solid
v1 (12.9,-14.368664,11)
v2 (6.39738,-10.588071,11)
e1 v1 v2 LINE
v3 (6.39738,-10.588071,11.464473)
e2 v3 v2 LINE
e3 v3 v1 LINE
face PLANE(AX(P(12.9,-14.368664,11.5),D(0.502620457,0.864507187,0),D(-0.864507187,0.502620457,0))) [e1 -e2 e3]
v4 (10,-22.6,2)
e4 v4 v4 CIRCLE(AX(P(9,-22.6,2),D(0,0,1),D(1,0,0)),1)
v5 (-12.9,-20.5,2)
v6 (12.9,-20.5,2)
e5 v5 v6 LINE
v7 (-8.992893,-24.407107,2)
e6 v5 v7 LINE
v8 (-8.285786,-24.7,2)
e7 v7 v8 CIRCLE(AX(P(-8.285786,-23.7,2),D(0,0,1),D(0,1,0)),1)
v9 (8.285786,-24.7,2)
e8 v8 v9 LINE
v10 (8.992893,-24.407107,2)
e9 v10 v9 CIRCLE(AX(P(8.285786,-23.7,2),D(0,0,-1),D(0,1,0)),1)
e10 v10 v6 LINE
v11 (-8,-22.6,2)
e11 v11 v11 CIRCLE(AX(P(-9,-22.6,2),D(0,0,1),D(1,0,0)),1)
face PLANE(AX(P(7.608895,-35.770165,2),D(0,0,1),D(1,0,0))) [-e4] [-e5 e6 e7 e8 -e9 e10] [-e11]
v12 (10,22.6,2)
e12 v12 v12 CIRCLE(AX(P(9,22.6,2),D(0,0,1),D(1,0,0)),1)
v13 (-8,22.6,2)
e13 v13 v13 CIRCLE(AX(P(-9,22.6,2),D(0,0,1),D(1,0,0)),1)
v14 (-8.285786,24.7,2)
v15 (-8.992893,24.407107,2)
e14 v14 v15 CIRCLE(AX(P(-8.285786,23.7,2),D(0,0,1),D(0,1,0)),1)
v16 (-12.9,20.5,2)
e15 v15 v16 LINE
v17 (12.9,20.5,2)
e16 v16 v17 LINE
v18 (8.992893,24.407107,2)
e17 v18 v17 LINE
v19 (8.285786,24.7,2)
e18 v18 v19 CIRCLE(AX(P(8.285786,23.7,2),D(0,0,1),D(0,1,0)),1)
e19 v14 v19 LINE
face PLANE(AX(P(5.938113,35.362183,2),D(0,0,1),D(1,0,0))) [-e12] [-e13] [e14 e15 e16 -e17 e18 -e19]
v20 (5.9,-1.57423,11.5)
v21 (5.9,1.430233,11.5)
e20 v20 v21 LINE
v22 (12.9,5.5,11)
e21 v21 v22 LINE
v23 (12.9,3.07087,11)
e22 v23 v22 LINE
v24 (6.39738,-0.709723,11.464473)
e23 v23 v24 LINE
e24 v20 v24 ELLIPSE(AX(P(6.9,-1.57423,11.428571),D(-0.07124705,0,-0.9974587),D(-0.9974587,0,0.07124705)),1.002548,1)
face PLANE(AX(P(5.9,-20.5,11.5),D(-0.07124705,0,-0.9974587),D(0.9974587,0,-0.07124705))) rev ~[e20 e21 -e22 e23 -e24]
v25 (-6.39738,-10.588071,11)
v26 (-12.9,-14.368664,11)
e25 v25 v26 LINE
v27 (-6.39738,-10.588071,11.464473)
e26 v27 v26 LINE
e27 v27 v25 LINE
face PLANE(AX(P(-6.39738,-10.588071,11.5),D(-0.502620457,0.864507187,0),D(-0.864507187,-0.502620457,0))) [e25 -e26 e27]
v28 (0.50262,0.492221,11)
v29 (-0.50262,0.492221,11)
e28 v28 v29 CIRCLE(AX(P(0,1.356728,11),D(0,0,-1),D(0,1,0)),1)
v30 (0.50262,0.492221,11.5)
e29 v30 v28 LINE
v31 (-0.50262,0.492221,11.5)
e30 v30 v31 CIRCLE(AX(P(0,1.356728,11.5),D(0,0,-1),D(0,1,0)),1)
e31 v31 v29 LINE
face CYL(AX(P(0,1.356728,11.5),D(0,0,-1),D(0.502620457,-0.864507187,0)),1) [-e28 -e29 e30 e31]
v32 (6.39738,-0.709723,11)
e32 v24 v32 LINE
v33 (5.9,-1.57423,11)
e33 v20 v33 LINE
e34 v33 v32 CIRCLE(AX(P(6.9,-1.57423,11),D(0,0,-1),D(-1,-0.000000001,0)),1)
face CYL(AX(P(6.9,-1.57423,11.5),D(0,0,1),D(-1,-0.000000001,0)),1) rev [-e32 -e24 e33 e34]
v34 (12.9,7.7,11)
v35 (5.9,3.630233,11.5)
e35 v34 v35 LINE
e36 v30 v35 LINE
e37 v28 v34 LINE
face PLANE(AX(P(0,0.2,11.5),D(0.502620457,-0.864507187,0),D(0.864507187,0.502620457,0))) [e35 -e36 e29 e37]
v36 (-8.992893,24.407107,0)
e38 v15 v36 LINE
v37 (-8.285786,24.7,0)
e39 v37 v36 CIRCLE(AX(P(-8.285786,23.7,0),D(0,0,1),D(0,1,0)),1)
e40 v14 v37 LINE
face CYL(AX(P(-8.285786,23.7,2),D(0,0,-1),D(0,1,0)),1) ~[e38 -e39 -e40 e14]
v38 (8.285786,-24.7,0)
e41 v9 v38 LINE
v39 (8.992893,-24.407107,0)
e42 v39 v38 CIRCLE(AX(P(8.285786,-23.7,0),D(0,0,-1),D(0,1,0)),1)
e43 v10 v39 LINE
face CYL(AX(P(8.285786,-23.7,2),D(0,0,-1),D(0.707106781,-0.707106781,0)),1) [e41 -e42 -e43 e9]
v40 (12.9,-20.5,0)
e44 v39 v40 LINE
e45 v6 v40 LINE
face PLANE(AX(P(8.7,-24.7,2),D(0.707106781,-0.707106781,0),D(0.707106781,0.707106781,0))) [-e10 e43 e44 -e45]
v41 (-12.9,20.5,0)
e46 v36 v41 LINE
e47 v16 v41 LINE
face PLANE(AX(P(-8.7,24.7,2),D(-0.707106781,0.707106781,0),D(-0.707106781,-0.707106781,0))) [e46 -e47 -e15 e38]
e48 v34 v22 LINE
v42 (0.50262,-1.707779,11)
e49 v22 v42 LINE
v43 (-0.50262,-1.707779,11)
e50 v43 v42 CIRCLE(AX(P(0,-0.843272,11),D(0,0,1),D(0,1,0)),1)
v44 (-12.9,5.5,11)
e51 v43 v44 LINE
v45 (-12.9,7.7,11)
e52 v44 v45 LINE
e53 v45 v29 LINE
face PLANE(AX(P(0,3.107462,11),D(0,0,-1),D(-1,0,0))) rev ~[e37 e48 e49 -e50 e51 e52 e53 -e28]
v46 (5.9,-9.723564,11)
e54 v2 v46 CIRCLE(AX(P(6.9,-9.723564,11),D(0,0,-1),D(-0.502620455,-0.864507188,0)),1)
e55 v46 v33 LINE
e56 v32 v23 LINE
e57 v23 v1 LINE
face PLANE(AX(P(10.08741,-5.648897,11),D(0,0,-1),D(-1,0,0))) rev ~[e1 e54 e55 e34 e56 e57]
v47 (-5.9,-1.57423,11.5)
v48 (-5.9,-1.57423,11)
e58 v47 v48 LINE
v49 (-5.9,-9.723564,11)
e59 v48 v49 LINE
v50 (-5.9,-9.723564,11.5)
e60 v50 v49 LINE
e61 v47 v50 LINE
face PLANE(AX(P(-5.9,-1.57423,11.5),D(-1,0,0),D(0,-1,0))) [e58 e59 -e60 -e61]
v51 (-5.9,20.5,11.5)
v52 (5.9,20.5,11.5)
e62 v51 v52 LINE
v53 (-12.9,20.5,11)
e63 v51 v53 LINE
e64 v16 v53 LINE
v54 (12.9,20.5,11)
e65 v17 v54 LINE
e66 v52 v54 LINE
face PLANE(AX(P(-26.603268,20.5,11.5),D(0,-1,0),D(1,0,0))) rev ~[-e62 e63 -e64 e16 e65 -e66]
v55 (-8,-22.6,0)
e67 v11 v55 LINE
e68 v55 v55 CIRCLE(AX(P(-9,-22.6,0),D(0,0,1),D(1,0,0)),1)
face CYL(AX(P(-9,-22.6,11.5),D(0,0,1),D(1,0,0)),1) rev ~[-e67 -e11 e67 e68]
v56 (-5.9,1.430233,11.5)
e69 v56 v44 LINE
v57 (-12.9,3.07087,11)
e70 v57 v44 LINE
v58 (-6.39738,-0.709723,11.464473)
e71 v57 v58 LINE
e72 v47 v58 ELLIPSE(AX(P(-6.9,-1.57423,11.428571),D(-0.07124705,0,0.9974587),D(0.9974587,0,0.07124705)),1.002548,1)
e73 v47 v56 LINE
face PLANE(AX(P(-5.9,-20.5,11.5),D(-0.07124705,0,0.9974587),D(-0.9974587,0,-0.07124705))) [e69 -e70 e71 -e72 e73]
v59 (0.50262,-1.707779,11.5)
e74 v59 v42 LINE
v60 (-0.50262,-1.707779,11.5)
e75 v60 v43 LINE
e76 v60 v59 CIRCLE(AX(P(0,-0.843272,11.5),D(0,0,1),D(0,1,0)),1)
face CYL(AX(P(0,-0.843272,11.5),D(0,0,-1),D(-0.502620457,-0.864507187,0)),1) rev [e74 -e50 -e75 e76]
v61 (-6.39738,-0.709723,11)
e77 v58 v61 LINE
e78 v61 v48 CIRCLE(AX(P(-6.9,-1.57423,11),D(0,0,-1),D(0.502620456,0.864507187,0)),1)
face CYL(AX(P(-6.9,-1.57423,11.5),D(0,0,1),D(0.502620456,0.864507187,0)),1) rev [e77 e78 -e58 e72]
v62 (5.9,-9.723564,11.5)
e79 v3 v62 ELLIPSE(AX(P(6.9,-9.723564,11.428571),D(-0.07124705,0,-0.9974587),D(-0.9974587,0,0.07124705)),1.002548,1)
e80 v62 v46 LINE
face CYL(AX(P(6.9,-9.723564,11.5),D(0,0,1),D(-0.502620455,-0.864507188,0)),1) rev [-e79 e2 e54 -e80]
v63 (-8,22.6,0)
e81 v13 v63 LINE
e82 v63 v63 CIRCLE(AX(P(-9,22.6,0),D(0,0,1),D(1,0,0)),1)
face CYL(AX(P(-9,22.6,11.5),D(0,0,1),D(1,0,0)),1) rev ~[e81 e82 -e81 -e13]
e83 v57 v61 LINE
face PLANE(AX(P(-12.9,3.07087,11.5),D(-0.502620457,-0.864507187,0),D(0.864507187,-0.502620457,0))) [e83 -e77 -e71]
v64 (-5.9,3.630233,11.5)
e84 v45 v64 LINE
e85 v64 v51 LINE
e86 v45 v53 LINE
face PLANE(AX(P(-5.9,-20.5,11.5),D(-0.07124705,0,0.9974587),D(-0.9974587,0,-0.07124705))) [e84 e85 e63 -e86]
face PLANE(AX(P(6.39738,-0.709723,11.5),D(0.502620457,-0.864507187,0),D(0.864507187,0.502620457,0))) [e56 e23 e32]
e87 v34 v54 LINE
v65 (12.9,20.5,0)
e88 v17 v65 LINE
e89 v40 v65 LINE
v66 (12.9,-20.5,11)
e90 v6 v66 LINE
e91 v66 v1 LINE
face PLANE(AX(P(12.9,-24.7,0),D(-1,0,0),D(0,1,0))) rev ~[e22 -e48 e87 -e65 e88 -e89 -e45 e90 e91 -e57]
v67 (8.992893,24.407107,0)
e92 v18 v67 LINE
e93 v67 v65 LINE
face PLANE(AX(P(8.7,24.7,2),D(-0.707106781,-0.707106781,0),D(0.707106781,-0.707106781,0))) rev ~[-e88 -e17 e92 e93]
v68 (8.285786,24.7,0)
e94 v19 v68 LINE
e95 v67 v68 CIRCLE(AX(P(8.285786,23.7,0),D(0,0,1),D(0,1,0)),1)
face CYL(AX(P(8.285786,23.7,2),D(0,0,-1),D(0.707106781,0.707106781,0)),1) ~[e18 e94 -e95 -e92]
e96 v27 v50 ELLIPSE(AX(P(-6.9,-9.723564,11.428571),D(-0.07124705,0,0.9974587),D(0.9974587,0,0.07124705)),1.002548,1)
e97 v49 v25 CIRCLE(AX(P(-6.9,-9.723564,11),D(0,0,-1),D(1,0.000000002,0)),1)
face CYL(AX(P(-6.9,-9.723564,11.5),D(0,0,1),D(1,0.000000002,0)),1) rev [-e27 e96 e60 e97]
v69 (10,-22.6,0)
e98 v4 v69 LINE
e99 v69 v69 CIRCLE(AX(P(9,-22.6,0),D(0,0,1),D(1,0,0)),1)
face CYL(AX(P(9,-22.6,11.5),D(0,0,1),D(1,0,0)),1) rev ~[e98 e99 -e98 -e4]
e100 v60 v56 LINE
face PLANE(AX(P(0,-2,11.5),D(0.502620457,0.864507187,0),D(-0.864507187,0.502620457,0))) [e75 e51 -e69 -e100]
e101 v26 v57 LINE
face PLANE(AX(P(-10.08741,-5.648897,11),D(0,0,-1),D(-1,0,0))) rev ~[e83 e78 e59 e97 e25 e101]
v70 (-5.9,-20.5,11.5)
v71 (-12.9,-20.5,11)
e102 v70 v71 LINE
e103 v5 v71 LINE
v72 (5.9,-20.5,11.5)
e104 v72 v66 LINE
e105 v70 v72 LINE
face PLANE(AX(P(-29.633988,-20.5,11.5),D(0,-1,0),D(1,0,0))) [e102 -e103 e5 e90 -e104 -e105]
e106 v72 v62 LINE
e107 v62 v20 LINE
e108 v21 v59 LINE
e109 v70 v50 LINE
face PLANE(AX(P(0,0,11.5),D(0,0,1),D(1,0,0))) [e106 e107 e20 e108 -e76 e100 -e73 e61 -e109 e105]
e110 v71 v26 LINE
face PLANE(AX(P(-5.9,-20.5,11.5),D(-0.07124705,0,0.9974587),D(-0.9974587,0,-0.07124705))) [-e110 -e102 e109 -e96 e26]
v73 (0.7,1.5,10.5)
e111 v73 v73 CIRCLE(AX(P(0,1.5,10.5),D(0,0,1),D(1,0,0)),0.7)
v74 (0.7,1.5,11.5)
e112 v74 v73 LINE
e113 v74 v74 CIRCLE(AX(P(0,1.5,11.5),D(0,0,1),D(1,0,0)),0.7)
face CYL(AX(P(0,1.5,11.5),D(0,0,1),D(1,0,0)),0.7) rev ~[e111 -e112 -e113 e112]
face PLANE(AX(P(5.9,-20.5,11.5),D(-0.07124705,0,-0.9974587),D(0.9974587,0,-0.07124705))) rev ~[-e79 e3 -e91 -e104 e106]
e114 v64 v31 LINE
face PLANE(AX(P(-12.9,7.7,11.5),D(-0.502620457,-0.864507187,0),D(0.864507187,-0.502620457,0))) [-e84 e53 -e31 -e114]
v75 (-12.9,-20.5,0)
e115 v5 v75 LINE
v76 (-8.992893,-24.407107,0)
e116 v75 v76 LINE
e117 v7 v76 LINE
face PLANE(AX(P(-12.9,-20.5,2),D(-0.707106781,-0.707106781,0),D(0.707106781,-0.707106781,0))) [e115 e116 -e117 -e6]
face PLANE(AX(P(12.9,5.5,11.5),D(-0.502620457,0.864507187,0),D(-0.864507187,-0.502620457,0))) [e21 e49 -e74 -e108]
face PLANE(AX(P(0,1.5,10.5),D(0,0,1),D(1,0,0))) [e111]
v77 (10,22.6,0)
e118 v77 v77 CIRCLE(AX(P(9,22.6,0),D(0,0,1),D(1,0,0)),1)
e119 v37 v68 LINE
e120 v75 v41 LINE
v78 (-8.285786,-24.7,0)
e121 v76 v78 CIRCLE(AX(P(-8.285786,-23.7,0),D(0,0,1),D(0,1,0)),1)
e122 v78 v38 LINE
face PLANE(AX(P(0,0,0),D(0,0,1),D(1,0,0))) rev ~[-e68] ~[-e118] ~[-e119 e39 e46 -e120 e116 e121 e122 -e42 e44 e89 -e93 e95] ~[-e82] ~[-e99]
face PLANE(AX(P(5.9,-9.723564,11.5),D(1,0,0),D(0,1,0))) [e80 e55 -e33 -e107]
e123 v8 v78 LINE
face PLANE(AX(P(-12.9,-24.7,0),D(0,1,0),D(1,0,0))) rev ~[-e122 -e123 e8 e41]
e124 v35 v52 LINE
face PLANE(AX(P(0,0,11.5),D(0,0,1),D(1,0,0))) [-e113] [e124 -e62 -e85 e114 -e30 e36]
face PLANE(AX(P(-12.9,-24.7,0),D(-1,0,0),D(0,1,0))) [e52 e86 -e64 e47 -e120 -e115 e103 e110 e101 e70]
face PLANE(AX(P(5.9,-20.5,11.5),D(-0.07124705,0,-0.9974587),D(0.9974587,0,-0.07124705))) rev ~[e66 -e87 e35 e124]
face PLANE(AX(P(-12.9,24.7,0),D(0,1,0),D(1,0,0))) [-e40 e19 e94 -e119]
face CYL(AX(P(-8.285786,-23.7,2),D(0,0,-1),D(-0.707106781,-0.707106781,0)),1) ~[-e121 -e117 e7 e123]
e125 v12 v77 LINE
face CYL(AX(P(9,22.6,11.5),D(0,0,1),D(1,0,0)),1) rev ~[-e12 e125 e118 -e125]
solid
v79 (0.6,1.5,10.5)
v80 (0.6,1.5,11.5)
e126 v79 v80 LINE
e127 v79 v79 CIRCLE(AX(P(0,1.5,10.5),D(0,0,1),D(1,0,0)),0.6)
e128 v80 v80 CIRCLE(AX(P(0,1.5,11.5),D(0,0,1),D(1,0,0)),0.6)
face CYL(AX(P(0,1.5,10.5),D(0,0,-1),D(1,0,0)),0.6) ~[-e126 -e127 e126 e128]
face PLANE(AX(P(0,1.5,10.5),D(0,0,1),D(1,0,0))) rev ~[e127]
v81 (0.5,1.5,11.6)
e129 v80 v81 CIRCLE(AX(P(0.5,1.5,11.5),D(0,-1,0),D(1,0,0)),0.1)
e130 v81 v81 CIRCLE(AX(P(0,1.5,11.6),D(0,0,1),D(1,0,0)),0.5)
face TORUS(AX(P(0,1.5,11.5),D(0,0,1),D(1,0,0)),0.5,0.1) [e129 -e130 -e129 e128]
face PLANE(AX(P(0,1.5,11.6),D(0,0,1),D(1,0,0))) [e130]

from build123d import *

# Parameters (mm, degrees)
SKETCH_1_W          = 25.8
SKETCH_1_H          = 49.4
EXTRUDE_1_DEPTH     = 11.5
SKETCH_2_W          = 65.082763186
SKETCH_2_H          = 29.72436647
SKETCH_2_W_2        = 74.485765389
SKETCH_2_H_2        = 30.540329471
CUT_EXTRUDE_1_DEPTH = 9.5
SKETCH_3_R          = 1
CUT_EXTRUDE_3_DEPTH = 11.5
CUT_EXTRUDE_4_DEPTH = 11.5
CUT_EXTRUDE_5_DEPTH = 62.5
SKETCH_6_R          = 0.7
CUT_EXTRUDE_6_DEPTH = 1
SKETCH_7_R          = 0.6
EXTRUDE_2_DEPTH     = 1.1
FILLET_1_R          = 0.1
CUT_EXTRUDE_7_DEPTH = 0.5
CUT_EXTRUDE_8_DEPTH = 0.5
FILLET_2_R          = 1
FILLET_3_R          = 1
FILLET_4_R          = 1


with BuildPart() as part:
    # 草图1 → 凸台-拉伸1 (new body)
    with BuildSketch(Plane.XY):
        Rectangle(SKETCH_1_W, SKETCH_1_H)
    extrude(amount=EXTRUDE_1_DEPTH)

    # 草图2 → 切除-拉伸1 (cut)
    with BuildSketch(Plane.XY.offset(11.5)):
        with Locations((5.938113154, 35.362183235)):
            Rectangle(SKETCH_2_W, SKETCH_2_H)
        with Locations((7.608894538, -35.770164736)):
            Rectangle(SKETCH_2_W_2, SKETCH_2_H_2)
    extrude(amount=-CUT_EXTRUDE_1_DEPTH, mode=Mode.SUBTRACT)

    # 草图3 → 切除-拉伸3 (cut)
    with BuildSketch(Plane.XY.offset(11.5)):
        with Locations((9, -22.6)):
            Circle(SKETCH_3_R)
        with Locations((-9, -22.6)):
            Circle(SKETCH_3_R)
        with Locations((-9, 22.6)):
            Circle(SKETCH_3_R)
        with Locations((9, 22.6)):
            Circle(SKETCH_3_R)
    extrude(amount=-CUT_EXTRUDE_3_DEPTH, mode=Mode.SUBTRACT)

    # 草图4 → 切除-拉伸4 (cut)
    with BuildSketch(Plane.XY.offset(2)):
        Polygon((8.7, 24.7), (12.9, 20.5), (12.9, 24.7), align=None)
        Polygon((-8.7, 24.7), (-12.9, 20.5), (-12.9, 24.7), align=None)
        Polygon((-12.9, -24.7), (-12.9, -20.5), (-8.7, -24.7), align=None)
        Polygon((12.9, -24.7), (8.7, -24.7), (12.9, -20.5), align=None)
    extrude(amount=-CUT_EXTRUDE_4_DEPTH, mode=Mode.SUBTRACT)

    # 草图5 → 切除-拉伸5 (cut)
    with BuildSketch(Plane.XZ.offset(20.5)):
        Polygon((5.9, 11.5), (12.9, 11), (12.9, 11.5), align=None)
        Polygon((-12.9, 11), (-12.9, 11.5), (-5.9, 11.5), align=None)
    extrude(amount=-CUT_EXTRUDE_5_DEPTH, mode=Mode.SUBTRACT)

    # 草图6 → 切除-拉伸6 (cut)
    with BuildSketch(Plane.XY.offset(11.5)):
        with Locations((0, 1.5)):
            Circle(SKETCH_6_R)
    extrude(amount=-CUT_EXTRUDE_6_DEPTH, mode=Mode.SUBTRACT)

    # 草图8 → 切除-拉伸7 (cut)
    with BuildSketch(Plane.XY.offset(11.5)):
        Polygon((0, 0.2), (12.9, 7.7), (12.9, 5.5), (0, -2), (-12.9, 5.5), (-12.9, 7.7), align=None)
    extrude(amount=-CUT_EXTRUDE_7_DEPTH, mode=Mode.SUBTRACT)

    # 草图9 → 切除-拉伸8 (cut)
    with BuildSketch(Plane.XY.offset(11.5)):
        with BuildLine():
            Line((6.397379543, -0.709722893), (12.9, 3.070870396))
            Line((12.9, 3.070870396), (12.9, -14.368664488))
            Line((12.9, -14.368664488), (6.397379543, -10.588071198))
            ThreePointArc((6.397379543, -10.588071198), (6.033218465, -10.222252062), (5.9, -9.723564012))
            Line((5.9, -9.723564012), (5.9, -1.57423008))
            ThreePointArc((5.9, -1.57423008), (6.033218465, -1.07554203), (6.397379543, -0.709722893))
        make_face()
        with BuildLine():
            Line((-5.9, -1.57423008), (-5.9, -9.723564012))
            ThreePointArc((-5.9, -9.723564012), (-6.033218465, -10.222252062), (-6.397379543, -10.588071198))
            Line((-6.397379543, -10.588071198), (-12.9, -14.368664488))
            Line((-12.9, -14.368664488), (-12.9, 3.070870396))
            Line((-12.9, 3.070870396), (-6.397379543, -0.709722893))
            ThreePointArc((-6.397379543, -0.709722893), (-6.033218465, -1.07554203), (-5.9, -1.57423008))
        make_face()
    extrude(amount=-CUT_EXTRUDE_8_DEPTH, mode=Mode.SUBTRACT)

    # 圆角2
    fillet_2_edges = [part.edges().sort_by_distance(p)[0] for p in [
        (0, -2, 11.25),
        (0, 0.2, 11.25),
    ]]
    fillet(fillet_2_edges, radius=FILLET_2_R)

    # 圆角3
    fillet_3_edges = [part.edges().sort_by_distance(p)[0] for p in [
        (8.7, -24.7, 1),
        (-8.7, -24.7, 1),
    ]]
    fillet(fillet_3_edges, radius=FILLET_3_R)

    # 圆角4
    fillet_4_edges = [part.edges().sort_by_distance(p)[0] for p in [
        (8.7, 24.7, 1),
        (-8.7, 24.7, 1),
    ]]
    fillet(fillet_4_edges, radius=FILLET_4_R)


with BuildPart() as body_2:
    # 草图7 → 凸台-拉伸2 (new body)
    with BuildSketch(Plane.XY.offset(10.5)):
        with Locations((0, 1.5)):
            Circle(SKETCH_7_R)
    extrude(amount=EXTRUDE_2_DEPTH)

    # 圆角1
    fillet_1_edges = [body_2.edges().sort_by_distance(p)[0] for p in [
        (-0.6, 1.5, 11.6),
    ]]
    fillet(fillet_1_edges, radius=FILLET_1_R)


solid = Compound([part.part, body_2.part])
